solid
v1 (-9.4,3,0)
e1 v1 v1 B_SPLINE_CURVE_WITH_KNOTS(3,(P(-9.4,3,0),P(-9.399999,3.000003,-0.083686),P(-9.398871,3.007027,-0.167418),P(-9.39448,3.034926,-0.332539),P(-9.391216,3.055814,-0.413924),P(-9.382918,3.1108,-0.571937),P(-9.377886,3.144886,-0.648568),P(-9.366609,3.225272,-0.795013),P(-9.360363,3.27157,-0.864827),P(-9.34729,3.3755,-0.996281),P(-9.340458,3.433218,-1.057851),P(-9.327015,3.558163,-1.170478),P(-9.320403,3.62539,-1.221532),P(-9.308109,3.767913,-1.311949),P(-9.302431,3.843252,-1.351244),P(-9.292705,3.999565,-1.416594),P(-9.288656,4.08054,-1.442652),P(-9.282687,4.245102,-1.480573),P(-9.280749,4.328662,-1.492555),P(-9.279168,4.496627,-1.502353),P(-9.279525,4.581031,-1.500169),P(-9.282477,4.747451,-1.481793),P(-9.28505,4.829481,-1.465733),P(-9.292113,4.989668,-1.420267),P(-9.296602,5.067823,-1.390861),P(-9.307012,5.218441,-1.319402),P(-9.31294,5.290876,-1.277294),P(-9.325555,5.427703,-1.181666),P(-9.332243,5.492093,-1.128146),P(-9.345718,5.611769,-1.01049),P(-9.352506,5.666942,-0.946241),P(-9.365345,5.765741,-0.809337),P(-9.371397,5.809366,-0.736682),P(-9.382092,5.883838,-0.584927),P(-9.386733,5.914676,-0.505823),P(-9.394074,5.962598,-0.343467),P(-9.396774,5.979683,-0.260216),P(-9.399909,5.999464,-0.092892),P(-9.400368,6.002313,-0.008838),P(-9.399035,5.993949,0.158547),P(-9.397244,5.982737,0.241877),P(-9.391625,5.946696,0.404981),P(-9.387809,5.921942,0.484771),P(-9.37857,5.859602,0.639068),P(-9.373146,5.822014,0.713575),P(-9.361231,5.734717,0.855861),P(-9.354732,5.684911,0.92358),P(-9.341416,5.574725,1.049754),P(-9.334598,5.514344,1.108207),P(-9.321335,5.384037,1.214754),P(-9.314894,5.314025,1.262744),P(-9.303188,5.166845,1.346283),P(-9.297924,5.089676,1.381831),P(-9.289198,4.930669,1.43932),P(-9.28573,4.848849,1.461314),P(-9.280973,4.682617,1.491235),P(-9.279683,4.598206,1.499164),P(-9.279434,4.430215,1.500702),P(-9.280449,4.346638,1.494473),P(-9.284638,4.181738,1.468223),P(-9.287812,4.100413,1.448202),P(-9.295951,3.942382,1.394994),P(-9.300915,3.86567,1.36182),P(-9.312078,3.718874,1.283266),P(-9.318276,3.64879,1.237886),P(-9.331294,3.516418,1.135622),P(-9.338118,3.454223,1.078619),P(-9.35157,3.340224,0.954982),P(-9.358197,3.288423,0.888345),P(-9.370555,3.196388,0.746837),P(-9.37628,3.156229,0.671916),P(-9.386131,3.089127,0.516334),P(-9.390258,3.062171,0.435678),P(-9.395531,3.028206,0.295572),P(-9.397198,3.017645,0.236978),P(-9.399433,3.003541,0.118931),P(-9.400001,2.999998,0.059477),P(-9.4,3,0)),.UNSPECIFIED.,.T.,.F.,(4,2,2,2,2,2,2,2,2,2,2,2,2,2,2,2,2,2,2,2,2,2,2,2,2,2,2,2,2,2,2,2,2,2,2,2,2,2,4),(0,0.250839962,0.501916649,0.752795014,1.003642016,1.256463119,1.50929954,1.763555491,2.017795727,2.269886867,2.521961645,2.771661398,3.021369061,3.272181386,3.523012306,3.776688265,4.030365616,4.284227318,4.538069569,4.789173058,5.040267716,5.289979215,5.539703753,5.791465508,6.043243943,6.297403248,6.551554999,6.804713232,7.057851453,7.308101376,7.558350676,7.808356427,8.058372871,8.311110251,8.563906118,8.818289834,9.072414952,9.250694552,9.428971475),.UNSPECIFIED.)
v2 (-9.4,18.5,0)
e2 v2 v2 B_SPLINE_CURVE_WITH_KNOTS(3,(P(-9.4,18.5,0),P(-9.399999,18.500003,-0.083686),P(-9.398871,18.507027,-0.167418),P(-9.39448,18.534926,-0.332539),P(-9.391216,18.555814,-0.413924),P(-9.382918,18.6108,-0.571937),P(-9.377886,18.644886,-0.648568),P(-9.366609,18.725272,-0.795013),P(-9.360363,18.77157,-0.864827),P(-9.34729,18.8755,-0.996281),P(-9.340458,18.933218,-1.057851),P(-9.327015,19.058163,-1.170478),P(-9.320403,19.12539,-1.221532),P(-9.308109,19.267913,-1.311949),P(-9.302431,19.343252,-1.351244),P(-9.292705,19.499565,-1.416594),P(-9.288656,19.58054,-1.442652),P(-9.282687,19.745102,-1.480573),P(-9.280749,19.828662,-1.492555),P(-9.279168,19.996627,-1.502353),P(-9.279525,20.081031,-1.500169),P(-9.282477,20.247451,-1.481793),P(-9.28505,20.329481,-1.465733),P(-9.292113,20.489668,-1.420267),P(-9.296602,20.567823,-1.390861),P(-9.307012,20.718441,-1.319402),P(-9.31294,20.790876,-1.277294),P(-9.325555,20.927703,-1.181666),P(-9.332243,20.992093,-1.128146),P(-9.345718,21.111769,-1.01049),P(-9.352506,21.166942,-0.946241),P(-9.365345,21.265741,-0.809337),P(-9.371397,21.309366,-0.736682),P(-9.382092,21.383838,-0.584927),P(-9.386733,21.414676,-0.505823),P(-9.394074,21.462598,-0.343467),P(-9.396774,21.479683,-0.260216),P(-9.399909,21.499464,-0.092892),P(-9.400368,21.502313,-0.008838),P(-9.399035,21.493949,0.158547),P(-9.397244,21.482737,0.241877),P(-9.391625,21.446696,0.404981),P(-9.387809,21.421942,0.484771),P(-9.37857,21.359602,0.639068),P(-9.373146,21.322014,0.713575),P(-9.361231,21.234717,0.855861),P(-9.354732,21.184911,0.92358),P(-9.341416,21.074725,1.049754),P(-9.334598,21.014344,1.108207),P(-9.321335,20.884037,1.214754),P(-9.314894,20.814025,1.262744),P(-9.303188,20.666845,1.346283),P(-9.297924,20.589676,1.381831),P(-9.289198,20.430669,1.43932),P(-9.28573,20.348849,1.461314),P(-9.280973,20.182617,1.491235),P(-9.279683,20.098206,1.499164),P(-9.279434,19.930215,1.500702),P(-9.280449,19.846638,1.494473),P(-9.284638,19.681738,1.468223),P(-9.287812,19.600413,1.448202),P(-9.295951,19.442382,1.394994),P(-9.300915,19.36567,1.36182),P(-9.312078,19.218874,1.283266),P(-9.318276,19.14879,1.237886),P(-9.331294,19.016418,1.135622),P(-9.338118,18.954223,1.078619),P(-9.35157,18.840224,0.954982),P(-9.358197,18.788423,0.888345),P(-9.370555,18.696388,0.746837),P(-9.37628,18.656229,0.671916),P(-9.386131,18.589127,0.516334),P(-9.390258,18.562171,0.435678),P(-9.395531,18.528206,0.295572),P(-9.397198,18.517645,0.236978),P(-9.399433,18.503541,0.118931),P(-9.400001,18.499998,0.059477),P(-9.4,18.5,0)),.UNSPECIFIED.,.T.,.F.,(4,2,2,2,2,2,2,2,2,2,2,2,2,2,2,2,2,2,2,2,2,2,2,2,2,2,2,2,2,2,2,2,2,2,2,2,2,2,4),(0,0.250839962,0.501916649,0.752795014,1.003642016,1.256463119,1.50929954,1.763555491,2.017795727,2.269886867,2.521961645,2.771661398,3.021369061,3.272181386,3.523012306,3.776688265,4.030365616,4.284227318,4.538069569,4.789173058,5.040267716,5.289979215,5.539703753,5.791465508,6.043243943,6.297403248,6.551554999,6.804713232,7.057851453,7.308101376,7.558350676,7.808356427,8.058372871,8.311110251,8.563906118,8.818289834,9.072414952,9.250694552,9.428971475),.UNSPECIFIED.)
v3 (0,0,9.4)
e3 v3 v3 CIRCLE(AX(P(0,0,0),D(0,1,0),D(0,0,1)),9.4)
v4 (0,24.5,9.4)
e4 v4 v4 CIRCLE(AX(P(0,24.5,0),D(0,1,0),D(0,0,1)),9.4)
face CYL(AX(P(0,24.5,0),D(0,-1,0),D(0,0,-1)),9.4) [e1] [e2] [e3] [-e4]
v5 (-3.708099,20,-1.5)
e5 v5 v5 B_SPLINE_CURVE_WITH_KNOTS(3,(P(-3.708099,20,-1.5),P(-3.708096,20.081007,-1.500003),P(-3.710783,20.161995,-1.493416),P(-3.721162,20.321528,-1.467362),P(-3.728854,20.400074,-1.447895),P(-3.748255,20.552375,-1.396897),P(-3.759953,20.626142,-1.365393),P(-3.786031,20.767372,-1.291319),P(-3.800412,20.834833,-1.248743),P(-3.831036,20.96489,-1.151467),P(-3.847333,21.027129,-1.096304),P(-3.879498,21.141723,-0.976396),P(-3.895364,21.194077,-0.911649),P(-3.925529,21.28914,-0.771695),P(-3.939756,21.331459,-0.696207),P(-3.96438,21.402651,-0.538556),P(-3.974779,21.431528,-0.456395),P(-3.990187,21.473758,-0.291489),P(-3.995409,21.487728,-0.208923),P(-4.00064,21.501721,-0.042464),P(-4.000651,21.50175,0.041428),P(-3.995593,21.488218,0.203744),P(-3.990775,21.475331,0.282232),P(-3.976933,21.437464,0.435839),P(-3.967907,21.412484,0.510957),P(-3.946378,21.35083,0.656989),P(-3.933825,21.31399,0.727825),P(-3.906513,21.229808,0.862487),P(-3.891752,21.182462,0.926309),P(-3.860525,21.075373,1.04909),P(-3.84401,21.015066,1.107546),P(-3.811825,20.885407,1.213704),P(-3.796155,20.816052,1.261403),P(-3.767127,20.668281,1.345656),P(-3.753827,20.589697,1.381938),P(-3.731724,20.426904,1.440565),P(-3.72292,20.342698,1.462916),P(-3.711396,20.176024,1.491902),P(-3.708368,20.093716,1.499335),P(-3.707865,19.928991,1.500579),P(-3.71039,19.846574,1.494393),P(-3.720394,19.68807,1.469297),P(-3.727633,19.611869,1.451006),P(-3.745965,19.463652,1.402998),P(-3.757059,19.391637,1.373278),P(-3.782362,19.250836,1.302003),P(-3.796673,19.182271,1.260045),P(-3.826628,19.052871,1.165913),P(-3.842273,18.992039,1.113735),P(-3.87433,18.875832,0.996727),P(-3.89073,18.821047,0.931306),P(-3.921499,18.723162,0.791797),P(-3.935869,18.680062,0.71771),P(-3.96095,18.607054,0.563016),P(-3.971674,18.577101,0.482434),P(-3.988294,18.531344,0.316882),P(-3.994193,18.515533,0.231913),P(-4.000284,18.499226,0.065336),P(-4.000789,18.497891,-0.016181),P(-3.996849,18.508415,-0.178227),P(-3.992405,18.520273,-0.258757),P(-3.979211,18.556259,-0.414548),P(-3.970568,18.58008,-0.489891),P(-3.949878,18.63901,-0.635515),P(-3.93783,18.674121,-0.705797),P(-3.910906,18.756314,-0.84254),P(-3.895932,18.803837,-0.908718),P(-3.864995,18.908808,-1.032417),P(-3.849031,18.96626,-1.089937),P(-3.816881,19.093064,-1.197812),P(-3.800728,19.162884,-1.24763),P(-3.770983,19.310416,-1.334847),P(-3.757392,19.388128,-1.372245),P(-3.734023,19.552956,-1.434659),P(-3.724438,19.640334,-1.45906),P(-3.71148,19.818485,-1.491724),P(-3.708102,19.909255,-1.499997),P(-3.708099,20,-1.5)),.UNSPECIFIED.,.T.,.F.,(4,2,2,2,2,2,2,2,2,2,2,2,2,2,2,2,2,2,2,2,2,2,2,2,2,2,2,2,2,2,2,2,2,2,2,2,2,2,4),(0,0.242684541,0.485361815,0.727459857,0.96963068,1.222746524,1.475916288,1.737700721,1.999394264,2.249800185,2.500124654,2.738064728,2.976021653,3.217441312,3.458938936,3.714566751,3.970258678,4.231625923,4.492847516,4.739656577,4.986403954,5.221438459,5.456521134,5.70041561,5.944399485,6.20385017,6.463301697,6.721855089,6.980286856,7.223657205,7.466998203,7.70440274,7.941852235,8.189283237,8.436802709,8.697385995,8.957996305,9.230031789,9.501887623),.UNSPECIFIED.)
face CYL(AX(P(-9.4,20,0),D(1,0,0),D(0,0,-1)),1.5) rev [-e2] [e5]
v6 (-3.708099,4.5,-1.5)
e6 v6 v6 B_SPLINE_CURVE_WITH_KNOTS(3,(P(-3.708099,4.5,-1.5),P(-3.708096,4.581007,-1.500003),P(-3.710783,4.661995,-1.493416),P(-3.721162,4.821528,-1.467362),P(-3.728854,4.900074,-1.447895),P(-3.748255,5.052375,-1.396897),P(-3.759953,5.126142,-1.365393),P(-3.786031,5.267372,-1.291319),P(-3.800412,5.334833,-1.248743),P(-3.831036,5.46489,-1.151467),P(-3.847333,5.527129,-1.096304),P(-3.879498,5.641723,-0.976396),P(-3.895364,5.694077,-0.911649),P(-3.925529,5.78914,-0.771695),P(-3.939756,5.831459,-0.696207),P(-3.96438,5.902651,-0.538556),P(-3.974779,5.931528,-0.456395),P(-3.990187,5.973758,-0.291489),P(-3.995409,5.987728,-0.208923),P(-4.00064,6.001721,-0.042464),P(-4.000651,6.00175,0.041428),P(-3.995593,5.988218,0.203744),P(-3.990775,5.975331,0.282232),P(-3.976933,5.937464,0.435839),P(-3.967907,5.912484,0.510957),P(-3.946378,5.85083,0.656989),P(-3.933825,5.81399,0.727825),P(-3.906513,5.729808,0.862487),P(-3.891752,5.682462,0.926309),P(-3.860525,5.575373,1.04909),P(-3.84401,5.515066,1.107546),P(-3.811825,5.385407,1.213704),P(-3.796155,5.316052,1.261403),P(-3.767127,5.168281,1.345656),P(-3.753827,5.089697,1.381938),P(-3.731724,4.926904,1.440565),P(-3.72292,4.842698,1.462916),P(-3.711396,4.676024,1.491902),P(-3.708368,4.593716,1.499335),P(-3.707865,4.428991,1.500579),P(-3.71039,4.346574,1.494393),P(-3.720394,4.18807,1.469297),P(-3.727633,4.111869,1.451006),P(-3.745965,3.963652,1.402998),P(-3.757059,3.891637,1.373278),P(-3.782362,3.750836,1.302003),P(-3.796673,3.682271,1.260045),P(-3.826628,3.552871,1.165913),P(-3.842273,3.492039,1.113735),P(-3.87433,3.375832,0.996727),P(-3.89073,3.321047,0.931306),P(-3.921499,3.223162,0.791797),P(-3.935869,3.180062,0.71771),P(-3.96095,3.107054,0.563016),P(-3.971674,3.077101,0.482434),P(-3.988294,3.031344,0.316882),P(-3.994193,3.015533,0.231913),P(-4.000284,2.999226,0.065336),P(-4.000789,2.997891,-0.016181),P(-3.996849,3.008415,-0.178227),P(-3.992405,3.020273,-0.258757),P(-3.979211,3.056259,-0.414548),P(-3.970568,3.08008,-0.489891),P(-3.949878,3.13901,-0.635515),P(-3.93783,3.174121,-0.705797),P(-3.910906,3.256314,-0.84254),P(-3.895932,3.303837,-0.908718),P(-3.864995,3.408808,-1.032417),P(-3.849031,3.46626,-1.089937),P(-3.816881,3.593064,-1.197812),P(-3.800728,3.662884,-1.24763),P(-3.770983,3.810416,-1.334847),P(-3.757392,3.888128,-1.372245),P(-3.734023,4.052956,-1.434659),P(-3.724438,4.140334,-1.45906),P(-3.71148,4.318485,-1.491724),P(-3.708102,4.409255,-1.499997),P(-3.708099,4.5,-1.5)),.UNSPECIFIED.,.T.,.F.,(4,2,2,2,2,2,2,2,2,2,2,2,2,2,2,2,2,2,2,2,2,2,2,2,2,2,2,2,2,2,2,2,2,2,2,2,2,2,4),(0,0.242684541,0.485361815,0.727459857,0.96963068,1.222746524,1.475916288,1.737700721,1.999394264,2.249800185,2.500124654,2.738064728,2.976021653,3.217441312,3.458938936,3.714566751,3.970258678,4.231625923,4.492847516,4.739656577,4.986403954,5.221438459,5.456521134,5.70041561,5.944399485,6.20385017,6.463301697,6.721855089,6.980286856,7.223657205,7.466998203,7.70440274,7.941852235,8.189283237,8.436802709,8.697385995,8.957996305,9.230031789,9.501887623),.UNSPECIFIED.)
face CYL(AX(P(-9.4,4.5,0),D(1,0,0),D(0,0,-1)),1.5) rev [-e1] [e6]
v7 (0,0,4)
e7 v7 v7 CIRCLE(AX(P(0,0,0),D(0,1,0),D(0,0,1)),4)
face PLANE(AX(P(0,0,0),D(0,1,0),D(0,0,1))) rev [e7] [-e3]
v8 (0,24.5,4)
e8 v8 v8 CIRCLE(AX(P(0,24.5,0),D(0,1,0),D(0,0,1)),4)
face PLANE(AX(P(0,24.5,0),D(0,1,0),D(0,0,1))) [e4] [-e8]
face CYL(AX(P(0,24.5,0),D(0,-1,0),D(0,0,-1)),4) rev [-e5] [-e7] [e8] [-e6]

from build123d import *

# Parameters (mm, degrees)
SKETCH1_R           = 9.4
SKETCH1_R_2         = 4
BOSS_EXTRUDE1_DEPTH = 24.5
SKETCH3_R           = 1.5
CUT_EXTRUDE1_DEPTH  = 28.874181602


with BuildPart() as part:
    # Sketch1 → Boss-Extrude1 (new body)
    with BuildSketch(Plane(origin=(0, 0, 0), x_dir=(1, 0, 0), z_dir=(0, 1, 0))):
        with Locations(Location((0, 0, 0), (0, 0, 270))):
            Circle(SKETCH1_R)
        with Locations(Location((0, 0, 0), (0, 0, 270))):
            Circle(SKETCH1_R_2, mode=Mode.SUBTRACT)
    extrude(amount=BOSS_EXTRUDE1_DEPTH)

    # Sketch3 → Cut-Extrude1 (cut, through all)
    with BuildSketch(Plane(origin=(0, 0, 0), x_dir=(0, 0, -1), z_dir=(1, 0, 0))):
        with Locations((0, 4.5)):
            Circle(SKETCH3_R)
        with Locations((0, 20)):
            Circle(SKETCH3_R)
    extrude(amount=-CUT_EXTRUDE1_DEPTH, mode=Mode.SUBTRACT)


solid = part.part
